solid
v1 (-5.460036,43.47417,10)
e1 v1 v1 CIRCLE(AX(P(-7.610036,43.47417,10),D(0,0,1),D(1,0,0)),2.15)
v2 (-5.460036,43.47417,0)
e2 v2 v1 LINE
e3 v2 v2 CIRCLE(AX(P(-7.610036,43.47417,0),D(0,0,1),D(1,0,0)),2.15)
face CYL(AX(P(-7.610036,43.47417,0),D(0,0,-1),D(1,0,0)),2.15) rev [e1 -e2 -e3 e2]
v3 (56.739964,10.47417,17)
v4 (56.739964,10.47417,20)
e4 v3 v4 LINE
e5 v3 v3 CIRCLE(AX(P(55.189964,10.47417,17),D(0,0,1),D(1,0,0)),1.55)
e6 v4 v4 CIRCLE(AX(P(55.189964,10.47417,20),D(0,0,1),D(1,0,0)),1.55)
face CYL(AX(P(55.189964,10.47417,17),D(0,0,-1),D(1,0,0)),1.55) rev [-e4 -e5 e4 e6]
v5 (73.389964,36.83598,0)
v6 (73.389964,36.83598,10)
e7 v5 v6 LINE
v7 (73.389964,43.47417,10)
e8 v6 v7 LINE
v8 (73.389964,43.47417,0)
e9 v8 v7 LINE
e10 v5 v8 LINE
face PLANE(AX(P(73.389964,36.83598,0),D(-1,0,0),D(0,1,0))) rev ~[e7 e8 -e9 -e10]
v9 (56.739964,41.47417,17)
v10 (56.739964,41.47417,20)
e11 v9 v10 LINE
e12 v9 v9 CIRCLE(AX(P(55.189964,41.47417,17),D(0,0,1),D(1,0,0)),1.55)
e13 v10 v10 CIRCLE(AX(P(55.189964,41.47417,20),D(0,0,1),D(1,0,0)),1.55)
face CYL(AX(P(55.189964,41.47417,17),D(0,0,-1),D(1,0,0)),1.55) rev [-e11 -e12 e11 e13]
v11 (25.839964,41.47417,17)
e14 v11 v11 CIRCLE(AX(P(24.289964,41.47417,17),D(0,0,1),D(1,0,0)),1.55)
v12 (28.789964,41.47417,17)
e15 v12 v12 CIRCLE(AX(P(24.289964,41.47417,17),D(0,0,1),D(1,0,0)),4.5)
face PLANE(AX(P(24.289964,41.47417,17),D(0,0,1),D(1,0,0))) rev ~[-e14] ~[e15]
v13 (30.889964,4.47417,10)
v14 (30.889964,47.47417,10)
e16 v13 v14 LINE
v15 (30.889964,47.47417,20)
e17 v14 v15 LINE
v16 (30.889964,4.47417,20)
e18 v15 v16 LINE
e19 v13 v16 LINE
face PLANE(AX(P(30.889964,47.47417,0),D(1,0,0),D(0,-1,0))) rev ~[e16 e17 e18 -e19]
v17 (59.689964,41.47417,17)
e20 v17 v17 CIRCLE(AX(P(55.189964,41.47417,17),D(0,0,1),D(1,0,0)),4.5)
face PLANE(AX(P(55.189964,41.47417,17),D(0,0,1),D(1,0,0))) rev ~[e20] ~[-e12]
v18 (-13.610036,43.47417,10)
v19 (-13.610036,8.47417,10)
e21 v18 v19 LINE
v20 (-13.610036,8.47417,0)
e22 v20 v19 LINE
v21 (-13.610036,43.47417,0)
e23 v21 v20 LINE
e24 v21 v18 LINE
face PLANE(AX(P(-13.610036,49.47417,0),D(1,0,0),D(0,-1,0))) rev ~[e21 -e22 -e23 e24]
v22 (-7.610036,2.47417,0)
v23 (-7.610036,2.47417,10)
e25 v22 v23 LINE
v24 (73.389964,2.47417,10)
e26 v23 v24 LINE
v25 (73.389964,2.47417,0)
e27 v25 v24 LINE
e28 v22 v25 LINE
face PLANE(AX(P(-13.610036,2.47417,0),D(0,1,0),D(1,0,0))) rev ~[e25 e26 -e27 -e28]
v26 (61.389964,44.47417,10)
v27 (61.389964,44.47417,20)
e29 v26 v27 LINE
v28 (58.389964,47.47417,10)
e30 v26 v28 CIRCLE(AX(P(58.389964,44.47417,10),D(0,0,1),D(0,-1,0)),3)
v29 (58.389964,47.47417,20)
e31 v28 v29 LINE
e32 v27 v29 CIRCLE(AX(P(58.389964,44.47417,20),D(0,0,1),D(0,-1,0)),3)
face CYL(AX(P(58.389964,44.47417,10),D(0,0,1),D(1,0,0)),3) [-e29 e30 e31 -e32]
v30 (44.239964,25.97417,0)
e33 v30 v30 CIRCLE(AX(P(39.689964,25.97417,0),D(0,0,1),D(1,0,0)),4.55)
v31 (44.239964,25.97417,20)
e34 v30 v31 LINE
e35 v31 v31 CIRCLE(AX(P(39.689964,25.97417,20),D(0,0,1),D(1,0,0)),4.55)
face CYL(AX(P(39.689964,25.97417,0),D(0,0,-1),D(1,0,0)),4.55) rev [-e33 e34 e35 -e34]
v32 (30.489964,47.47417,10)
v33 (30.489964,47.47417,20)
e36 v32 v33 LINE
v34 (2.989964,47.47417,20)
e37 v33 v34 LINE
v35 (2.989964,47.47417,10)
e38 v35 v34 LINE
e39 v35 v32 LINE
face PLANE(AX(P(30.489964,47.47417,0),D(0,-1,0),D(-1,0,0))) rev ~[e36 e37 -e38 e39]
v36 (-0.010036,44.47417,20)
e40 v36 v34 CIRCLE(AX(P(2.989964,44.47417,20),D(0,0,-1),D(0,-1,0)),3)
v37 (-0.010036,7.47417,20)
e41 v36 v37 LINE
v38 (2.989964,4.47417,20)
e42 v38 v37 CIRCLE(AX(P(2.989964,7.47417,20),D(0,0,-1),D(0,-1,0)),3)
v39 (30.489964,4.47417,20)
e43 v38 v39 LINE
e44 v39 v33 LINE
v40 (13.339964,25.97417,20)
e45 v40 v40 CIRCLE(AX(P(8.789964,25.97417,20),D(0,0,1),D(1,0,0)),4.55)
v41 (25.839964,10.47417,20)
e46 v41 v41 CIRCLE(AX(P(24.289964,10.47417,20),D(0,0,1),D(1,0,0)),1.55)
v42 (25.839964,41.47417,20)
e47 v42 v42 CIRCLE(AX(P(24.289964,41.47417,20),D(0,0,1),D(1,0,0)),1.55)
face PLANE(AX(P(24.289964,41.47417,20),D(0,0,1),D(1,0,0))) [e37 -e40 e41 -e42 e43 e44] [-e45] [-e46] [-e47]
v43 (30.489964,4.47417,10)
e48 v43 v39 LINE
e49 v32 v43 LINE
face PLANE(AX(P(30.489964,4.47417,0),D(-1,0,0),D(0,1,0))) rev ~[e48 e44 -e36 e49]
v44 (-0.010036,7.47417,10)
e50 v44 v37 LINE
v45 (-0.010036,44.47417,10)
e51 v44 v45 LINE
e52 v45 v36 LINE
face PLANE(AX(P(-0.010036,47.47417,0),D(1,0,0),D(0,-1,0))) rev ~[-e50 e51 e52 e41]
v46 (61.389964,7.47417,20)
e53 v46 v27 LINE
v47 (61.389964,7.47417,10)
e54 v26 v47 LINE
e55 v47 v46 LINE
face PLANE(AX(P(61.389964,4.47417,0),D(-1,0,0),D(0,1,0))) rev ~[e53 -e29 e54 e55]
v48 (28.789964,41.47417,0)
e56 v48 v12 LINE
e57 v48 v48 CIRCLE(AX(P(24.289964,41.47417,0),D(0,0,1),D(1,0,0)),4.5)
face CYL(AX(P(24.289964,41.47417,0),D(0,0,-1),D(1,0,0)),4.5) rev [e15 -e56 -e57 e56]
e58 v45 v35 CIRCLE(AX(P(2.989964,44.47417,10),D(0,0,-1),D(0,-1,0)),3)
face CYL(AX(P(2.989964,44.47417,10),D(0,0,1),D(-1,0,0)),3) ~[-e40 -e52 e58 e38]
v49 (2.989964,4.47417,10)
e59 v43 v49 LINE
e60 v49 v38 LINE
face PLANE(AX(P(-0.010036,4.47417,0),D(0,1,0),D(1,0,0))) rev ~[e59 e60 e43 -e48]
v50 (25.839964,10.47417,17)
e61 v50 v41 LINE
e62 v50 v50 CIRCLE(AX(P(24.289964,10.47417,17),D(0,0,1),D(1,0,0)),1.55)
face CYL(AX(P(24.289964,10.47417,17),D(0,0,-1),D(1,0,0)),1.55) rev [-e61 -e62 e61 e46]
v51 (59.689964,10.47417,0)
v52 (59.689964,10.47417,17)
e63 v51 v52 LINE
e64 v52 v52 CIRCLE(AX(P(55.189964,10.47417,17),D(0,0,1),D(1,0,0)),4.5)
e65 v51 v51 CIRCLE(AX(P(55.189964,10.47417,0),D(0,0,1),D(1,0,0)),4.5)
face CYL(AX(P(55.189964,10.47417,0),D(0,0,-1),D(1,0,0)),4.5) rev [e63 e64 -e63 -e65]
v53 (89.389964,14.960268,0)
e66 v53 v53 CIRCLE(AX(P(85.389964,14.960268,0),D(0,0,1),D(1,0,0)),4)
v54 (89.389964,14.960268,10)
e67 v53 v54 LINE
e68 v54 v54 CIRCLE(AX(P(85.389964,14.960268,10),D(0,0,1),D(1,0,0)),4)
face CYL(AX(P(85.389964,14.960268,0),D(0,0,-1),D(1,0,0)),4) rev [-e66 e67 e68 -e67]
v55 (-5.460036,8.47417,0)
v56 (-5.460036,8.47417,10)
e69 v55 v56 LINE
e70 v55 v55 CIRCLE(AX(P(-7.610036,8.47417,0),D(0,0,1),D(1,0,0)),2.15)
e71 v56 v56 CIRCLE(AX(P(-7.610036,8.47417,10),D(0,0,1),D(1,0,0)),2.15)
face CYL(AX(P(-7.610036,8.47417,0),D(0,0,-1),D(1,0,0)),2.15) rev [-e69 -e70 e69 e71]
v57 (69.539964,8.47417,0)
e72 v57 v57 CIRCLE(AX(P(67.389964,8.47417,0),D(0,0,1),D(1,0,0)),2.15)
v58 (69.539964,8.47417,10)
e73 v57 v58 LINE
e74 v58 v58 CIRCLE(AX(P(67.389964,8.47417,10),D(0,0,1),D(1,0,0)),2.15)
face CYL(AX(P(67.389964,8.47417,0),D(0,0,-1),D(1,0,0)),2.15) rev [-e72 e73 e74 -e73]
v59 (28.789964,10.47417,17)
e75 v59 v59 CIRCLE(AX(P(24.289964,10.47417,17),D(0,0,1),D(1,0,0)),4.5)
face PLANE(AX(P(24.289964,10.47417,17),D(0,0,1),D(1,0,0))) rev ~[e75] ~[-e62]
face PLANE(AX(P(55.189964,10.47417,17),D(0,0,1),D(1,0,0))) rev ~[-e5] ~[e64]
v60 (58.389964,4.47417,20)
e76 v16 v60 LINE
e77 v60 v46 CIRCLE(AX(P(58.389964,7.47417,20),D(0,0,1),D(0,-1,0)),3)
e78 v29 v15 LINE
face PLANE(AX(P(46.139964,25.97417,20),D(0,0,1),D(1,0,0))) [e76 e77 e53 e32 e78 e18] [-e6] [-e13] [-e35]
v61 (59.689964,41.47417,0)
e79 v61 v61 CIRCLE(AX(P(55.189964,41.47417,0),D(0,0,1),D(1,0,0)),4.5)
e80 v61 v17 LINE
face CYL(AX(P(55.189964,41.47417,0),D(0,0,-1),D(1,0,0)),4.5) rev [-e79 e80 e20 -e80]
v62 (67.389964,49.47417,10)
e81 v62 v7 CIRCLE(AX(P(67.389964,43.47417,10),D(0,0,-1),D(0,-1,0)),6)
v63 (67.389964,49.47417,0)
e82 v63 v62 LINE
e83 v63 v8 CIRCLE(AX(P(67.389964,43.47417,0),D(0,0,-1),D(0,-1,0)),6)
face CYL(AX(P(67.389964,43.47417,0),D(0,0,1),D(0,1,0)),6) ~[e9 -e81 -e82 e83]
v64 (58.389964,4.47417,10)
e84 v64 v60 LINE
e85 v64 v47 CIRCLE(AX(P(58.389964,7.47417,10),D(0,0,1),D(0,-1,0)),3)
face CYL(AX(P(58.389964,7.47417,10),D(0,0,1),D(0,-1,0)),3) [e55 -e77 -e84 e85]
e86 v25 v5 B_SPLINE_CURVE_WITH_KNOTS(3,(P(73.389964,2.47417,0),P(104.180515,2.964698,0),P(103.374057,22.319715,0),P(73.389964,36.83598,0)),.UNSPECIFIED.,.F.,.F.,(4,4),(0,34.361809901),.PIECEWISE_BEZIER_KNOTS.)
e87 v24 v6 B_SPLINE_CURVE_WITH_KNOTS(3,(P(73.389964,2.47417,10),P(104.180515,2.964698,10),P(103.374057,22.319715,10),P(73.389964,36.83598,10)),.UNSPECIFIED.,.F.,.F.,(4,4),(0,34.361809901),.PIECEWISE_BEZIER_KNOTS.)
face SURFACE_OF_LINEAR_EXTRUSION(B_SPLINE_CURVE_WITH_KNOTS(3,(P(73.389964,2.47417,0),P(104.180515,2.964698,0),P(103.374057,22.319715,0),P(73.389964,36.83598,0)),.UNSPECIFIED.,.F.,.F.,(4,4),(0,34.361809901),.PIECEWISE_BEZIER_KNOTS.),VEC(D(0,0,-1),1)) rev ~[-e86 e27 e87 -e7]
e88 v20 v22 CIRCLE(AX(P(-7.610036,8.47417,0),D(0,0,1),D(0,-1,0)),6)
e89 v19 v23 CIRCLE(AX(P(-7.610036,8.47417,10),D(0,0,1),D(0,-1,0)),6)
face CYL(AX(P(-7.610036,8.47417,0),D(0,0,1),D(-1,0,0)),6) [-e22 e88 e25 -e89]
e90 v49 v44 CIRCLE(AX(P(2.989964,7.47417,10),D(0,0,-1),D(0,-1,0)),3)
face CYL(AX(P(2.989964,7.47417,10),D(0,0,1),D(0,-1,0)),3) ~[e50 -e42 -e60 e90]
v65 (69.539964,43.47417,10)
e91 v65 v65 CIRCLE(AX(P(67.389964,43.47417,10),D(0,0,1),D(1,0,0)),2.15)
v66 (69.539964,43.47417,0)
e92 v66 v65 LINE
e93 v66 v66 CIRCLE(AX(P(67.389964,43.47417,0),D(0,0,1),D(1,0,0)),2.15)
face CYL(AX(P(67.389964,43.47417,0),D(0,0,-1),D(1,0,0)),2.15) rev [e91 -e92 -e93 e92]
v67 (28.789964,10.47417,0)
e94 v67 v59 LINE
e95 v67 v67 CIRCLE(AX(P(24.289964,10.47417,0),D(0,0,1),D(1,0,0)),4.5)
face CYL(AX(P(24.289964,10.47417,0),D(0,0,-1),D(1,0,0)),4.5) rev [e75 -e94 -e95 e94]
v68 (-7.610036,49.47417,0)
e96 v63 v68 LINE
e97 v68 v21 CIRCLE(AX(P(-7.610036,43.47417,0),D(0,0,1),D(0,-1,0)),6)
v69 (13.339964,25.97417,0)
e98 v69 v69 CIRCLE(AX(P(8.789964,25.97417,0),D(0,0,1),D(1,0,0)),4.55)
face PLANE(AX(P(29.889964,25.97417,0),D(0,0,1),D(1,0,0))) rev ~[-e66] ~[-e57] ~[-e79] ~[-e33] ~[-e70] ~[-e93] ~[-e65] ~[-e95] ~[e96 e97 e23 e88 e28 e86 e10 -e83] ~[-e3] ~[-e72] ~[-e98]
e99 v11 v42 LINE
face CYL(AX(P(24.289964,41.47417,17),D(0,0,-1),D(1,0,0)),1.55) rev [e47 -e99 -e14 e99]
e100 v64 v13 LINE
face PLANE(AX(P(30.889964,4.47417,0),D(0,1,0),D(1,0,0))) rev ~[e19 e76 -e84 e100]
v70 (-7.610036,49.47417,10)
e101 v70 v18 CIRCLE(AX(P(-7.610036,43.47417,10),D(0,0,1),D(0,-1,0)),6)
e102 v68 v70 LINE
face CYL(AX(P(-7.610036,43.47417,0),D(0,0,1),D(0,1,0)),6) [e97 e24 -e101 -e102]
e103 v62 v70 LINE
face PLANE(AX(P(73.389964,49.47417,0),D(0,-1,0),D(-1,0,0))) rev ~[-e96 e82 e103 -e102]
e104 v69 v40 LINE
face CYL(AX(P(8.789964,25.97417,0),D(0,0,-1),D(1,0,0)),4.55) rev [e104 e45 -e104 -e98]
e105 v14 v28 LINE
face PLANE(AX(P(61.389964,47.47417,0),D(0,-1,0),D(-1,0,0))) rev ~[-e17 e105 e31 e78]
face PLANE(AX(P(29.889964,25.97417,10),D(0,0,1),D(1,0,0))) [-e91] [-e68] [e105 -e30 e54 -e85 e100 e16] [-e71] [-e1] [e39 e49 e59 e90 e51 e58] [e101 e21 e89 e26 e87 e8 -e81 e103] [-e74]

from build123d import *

# Parameters (mm, degrees)
F0_R     = 2.15
F0_R_2   = 4
F1_DEPTH = 10
F0_R_3   = 4.5
F0_R_4   = 4.55
F2_DEPTH = 20
F3_START = 17
F0_R_5   = 1.55
F3_DEPTH = 3
F4_R     = 6
F5_R     = 3


with BuildPart() as f1:
    # F0 (on Top) → F1 (new body)
    with BuildSketch(Plane.XY):
        Polygon((73.3899642625, 49.4741697694), (-13.6100357375, 49.4741697694), (-13.6100357375, 2.4741697694), (73.3899642625, 2.4741697694), (73.3899642625, 36.8359796703), align=None)
        with Locations((-7.6100357375, 8.4741697694)):
            Circle(F0_R, mode=Mode.SUBTRACT)
        Polygon((-0.0100357375, 4.4741697694), (-0.0100357375, 47.4741697694), (30.4899642625, 47.4741697694), (30.4899642625, 4.4741697694), (20.6151821792, 4.4741697694), (8.9151821792, 4.4741697694), align=None, mode=Mode.SUBTRACT)
        with Locations((67.3899642625, 8.4741697694)):
            Circle(F0_R, mode=Mode.SUBTRACT)
        with Locations((-7.6100357375, 43.4741697694)):
            Circle(F0_R, mode=Mode.SUBTRACT)
        Polygon((30.8899642625, 4.4741697694), (30.8899642625, 47.4741697694), (61.3899642625, 47.4741697694), (61.3899642625, 4.4741697694), (53.5151823588, 4.4741697694), (41.8151823588, 4.4741697694), align=None, mode=Mode.SUBTRACT)
        with Locations((67.3899642625, 43.4741697694)):
            Circle(F0_R, mode=Mode.SUBTRACT)
        with BuildLine():
            add(Edge.make_bspline(
                [(73.3899642625, 2.4741697694), (104.1805148125, 2.9646980111), (103.3740565181, 22.3197154701), (73.3899642625, 36.8359796703)],
                knots=[0, 0, 0, 0, 34.3618099009, 34.3618099009, 34.3618099009, 34.3618099009], degree=3))
            Line((73.3899642625, 36.8359796703), (73.3899642625, 2.4741697694))
        make_face()
        with Locations((85.3899642625, 14.960267581)):
            Circle(F0_R_2, mode=Mode.SUBTRACT)
    extrude(amount=F1_DEPTH)

    # F0 (on Top) → F2 (join)
    with BuildSketch(Plane.XY):
        Polygon((30.4899642625, 47.4741697694), (-0.0100357375, 47.4741697694), (-0.0100357375, 4.4741697694), (8.9151821792, 4.4741697694), (20.6151821792, 4.4741697694), (30.4899642625, 4.4741697694), align=None)
        with Locations((24.2899642625, 10.4741697694)):
            Circle(F0_R_3, mode=Mode.SUBTRACT)
        with Locations((8.7899642625, 25.9741697694)):
            Circle(F0_R_4, mode=Mode.SUBTRACT)
        with Locations((24.2899642625, 41.4741697694)):
            Circle(F0_R_3, mode=Mode.SUBTRACT)
        Polygon((61.3899642625, 47.4741697694), (30.8899642625, 47.4741697694), (30.8899642625, 4.4741697694), (41.8151823588, 4.4741697694), (53.5151823588, 4.4741697694), (61.3899642625, 4.4741697694), align=None)
        with Locations((39.6899642625, 25.9741697694)):
            Circle(F0_R_4, mode=Mode.SUBTRACT)
        with Locations((55.1899642625, 10.4741697694)):
            Circle(F0_R_3, mode=Mode.SUBTRACT)
        with Locations((55.1899642625, 41.4741697694)):
            Circle(F0_R_3, mode=Mode.SUBTRACT)
    extrude(amount=F2_DEPTH)

    # F0 (on Top) → F3 (join)
    with BuildSketch(Plane.XY.offset(F3_START)):
        with Locations((24.2899642625, 41.4741697694)):
            Circle(F0_R_3)
        with Locations((24.2899642625, 41.4741697694)):
            Circle(F0_R_5, mode=Mode.SUBTRACT)
        with Locations((55.1899642625, 41.4741697694)):
            Circle(F0_R_3)
        with Locations((55.1899642625, 41.4741697694)):
            Circle(F0_R_5, mode=Mode.SUBTRACT)
        with Locations((55.1899642625, 10.4741697694)):
            Circle(F0_R_3)
        with Locations((55.1899642625, 10.4741697694)):
            Circle(F0_R_5, mode=Mode.SUBTRACT)
        with Locations((24.2899642625, 10.4741697694)):
            Circle(F0_R_3)
        with Locations((24.2899642625, 10.4741697694)):
            Circle(F0_R_5, mode=Mode.SUBTRACT)
    extrude(amount=F3_DEPTH)

    # F4
    f4_edges = [f1.edges().sort_by_distance(p)[0] for p in [
        (73.389964, 2.47417, 5),
        (73.389964, 49.47417, 5),
        (-13.610036, 49.47417, 5),
        (-13.610036, 2.47417, 5),
    ]]
    fillet(f4_edges, radius=F4_R)

    # F5
    f5_edges = [f1.edges().sort_by_distance(p)[0] for p in [
        (-0.010036, 4.47417, 15),
        (61.389964, 4.47417, 15),
        (61.389964, 47.47417, 15),
        (-0.010036, 47.47417, 15),
    ]]
    fillet(f5_edges, radius=F5_R)


solid = f1.part
